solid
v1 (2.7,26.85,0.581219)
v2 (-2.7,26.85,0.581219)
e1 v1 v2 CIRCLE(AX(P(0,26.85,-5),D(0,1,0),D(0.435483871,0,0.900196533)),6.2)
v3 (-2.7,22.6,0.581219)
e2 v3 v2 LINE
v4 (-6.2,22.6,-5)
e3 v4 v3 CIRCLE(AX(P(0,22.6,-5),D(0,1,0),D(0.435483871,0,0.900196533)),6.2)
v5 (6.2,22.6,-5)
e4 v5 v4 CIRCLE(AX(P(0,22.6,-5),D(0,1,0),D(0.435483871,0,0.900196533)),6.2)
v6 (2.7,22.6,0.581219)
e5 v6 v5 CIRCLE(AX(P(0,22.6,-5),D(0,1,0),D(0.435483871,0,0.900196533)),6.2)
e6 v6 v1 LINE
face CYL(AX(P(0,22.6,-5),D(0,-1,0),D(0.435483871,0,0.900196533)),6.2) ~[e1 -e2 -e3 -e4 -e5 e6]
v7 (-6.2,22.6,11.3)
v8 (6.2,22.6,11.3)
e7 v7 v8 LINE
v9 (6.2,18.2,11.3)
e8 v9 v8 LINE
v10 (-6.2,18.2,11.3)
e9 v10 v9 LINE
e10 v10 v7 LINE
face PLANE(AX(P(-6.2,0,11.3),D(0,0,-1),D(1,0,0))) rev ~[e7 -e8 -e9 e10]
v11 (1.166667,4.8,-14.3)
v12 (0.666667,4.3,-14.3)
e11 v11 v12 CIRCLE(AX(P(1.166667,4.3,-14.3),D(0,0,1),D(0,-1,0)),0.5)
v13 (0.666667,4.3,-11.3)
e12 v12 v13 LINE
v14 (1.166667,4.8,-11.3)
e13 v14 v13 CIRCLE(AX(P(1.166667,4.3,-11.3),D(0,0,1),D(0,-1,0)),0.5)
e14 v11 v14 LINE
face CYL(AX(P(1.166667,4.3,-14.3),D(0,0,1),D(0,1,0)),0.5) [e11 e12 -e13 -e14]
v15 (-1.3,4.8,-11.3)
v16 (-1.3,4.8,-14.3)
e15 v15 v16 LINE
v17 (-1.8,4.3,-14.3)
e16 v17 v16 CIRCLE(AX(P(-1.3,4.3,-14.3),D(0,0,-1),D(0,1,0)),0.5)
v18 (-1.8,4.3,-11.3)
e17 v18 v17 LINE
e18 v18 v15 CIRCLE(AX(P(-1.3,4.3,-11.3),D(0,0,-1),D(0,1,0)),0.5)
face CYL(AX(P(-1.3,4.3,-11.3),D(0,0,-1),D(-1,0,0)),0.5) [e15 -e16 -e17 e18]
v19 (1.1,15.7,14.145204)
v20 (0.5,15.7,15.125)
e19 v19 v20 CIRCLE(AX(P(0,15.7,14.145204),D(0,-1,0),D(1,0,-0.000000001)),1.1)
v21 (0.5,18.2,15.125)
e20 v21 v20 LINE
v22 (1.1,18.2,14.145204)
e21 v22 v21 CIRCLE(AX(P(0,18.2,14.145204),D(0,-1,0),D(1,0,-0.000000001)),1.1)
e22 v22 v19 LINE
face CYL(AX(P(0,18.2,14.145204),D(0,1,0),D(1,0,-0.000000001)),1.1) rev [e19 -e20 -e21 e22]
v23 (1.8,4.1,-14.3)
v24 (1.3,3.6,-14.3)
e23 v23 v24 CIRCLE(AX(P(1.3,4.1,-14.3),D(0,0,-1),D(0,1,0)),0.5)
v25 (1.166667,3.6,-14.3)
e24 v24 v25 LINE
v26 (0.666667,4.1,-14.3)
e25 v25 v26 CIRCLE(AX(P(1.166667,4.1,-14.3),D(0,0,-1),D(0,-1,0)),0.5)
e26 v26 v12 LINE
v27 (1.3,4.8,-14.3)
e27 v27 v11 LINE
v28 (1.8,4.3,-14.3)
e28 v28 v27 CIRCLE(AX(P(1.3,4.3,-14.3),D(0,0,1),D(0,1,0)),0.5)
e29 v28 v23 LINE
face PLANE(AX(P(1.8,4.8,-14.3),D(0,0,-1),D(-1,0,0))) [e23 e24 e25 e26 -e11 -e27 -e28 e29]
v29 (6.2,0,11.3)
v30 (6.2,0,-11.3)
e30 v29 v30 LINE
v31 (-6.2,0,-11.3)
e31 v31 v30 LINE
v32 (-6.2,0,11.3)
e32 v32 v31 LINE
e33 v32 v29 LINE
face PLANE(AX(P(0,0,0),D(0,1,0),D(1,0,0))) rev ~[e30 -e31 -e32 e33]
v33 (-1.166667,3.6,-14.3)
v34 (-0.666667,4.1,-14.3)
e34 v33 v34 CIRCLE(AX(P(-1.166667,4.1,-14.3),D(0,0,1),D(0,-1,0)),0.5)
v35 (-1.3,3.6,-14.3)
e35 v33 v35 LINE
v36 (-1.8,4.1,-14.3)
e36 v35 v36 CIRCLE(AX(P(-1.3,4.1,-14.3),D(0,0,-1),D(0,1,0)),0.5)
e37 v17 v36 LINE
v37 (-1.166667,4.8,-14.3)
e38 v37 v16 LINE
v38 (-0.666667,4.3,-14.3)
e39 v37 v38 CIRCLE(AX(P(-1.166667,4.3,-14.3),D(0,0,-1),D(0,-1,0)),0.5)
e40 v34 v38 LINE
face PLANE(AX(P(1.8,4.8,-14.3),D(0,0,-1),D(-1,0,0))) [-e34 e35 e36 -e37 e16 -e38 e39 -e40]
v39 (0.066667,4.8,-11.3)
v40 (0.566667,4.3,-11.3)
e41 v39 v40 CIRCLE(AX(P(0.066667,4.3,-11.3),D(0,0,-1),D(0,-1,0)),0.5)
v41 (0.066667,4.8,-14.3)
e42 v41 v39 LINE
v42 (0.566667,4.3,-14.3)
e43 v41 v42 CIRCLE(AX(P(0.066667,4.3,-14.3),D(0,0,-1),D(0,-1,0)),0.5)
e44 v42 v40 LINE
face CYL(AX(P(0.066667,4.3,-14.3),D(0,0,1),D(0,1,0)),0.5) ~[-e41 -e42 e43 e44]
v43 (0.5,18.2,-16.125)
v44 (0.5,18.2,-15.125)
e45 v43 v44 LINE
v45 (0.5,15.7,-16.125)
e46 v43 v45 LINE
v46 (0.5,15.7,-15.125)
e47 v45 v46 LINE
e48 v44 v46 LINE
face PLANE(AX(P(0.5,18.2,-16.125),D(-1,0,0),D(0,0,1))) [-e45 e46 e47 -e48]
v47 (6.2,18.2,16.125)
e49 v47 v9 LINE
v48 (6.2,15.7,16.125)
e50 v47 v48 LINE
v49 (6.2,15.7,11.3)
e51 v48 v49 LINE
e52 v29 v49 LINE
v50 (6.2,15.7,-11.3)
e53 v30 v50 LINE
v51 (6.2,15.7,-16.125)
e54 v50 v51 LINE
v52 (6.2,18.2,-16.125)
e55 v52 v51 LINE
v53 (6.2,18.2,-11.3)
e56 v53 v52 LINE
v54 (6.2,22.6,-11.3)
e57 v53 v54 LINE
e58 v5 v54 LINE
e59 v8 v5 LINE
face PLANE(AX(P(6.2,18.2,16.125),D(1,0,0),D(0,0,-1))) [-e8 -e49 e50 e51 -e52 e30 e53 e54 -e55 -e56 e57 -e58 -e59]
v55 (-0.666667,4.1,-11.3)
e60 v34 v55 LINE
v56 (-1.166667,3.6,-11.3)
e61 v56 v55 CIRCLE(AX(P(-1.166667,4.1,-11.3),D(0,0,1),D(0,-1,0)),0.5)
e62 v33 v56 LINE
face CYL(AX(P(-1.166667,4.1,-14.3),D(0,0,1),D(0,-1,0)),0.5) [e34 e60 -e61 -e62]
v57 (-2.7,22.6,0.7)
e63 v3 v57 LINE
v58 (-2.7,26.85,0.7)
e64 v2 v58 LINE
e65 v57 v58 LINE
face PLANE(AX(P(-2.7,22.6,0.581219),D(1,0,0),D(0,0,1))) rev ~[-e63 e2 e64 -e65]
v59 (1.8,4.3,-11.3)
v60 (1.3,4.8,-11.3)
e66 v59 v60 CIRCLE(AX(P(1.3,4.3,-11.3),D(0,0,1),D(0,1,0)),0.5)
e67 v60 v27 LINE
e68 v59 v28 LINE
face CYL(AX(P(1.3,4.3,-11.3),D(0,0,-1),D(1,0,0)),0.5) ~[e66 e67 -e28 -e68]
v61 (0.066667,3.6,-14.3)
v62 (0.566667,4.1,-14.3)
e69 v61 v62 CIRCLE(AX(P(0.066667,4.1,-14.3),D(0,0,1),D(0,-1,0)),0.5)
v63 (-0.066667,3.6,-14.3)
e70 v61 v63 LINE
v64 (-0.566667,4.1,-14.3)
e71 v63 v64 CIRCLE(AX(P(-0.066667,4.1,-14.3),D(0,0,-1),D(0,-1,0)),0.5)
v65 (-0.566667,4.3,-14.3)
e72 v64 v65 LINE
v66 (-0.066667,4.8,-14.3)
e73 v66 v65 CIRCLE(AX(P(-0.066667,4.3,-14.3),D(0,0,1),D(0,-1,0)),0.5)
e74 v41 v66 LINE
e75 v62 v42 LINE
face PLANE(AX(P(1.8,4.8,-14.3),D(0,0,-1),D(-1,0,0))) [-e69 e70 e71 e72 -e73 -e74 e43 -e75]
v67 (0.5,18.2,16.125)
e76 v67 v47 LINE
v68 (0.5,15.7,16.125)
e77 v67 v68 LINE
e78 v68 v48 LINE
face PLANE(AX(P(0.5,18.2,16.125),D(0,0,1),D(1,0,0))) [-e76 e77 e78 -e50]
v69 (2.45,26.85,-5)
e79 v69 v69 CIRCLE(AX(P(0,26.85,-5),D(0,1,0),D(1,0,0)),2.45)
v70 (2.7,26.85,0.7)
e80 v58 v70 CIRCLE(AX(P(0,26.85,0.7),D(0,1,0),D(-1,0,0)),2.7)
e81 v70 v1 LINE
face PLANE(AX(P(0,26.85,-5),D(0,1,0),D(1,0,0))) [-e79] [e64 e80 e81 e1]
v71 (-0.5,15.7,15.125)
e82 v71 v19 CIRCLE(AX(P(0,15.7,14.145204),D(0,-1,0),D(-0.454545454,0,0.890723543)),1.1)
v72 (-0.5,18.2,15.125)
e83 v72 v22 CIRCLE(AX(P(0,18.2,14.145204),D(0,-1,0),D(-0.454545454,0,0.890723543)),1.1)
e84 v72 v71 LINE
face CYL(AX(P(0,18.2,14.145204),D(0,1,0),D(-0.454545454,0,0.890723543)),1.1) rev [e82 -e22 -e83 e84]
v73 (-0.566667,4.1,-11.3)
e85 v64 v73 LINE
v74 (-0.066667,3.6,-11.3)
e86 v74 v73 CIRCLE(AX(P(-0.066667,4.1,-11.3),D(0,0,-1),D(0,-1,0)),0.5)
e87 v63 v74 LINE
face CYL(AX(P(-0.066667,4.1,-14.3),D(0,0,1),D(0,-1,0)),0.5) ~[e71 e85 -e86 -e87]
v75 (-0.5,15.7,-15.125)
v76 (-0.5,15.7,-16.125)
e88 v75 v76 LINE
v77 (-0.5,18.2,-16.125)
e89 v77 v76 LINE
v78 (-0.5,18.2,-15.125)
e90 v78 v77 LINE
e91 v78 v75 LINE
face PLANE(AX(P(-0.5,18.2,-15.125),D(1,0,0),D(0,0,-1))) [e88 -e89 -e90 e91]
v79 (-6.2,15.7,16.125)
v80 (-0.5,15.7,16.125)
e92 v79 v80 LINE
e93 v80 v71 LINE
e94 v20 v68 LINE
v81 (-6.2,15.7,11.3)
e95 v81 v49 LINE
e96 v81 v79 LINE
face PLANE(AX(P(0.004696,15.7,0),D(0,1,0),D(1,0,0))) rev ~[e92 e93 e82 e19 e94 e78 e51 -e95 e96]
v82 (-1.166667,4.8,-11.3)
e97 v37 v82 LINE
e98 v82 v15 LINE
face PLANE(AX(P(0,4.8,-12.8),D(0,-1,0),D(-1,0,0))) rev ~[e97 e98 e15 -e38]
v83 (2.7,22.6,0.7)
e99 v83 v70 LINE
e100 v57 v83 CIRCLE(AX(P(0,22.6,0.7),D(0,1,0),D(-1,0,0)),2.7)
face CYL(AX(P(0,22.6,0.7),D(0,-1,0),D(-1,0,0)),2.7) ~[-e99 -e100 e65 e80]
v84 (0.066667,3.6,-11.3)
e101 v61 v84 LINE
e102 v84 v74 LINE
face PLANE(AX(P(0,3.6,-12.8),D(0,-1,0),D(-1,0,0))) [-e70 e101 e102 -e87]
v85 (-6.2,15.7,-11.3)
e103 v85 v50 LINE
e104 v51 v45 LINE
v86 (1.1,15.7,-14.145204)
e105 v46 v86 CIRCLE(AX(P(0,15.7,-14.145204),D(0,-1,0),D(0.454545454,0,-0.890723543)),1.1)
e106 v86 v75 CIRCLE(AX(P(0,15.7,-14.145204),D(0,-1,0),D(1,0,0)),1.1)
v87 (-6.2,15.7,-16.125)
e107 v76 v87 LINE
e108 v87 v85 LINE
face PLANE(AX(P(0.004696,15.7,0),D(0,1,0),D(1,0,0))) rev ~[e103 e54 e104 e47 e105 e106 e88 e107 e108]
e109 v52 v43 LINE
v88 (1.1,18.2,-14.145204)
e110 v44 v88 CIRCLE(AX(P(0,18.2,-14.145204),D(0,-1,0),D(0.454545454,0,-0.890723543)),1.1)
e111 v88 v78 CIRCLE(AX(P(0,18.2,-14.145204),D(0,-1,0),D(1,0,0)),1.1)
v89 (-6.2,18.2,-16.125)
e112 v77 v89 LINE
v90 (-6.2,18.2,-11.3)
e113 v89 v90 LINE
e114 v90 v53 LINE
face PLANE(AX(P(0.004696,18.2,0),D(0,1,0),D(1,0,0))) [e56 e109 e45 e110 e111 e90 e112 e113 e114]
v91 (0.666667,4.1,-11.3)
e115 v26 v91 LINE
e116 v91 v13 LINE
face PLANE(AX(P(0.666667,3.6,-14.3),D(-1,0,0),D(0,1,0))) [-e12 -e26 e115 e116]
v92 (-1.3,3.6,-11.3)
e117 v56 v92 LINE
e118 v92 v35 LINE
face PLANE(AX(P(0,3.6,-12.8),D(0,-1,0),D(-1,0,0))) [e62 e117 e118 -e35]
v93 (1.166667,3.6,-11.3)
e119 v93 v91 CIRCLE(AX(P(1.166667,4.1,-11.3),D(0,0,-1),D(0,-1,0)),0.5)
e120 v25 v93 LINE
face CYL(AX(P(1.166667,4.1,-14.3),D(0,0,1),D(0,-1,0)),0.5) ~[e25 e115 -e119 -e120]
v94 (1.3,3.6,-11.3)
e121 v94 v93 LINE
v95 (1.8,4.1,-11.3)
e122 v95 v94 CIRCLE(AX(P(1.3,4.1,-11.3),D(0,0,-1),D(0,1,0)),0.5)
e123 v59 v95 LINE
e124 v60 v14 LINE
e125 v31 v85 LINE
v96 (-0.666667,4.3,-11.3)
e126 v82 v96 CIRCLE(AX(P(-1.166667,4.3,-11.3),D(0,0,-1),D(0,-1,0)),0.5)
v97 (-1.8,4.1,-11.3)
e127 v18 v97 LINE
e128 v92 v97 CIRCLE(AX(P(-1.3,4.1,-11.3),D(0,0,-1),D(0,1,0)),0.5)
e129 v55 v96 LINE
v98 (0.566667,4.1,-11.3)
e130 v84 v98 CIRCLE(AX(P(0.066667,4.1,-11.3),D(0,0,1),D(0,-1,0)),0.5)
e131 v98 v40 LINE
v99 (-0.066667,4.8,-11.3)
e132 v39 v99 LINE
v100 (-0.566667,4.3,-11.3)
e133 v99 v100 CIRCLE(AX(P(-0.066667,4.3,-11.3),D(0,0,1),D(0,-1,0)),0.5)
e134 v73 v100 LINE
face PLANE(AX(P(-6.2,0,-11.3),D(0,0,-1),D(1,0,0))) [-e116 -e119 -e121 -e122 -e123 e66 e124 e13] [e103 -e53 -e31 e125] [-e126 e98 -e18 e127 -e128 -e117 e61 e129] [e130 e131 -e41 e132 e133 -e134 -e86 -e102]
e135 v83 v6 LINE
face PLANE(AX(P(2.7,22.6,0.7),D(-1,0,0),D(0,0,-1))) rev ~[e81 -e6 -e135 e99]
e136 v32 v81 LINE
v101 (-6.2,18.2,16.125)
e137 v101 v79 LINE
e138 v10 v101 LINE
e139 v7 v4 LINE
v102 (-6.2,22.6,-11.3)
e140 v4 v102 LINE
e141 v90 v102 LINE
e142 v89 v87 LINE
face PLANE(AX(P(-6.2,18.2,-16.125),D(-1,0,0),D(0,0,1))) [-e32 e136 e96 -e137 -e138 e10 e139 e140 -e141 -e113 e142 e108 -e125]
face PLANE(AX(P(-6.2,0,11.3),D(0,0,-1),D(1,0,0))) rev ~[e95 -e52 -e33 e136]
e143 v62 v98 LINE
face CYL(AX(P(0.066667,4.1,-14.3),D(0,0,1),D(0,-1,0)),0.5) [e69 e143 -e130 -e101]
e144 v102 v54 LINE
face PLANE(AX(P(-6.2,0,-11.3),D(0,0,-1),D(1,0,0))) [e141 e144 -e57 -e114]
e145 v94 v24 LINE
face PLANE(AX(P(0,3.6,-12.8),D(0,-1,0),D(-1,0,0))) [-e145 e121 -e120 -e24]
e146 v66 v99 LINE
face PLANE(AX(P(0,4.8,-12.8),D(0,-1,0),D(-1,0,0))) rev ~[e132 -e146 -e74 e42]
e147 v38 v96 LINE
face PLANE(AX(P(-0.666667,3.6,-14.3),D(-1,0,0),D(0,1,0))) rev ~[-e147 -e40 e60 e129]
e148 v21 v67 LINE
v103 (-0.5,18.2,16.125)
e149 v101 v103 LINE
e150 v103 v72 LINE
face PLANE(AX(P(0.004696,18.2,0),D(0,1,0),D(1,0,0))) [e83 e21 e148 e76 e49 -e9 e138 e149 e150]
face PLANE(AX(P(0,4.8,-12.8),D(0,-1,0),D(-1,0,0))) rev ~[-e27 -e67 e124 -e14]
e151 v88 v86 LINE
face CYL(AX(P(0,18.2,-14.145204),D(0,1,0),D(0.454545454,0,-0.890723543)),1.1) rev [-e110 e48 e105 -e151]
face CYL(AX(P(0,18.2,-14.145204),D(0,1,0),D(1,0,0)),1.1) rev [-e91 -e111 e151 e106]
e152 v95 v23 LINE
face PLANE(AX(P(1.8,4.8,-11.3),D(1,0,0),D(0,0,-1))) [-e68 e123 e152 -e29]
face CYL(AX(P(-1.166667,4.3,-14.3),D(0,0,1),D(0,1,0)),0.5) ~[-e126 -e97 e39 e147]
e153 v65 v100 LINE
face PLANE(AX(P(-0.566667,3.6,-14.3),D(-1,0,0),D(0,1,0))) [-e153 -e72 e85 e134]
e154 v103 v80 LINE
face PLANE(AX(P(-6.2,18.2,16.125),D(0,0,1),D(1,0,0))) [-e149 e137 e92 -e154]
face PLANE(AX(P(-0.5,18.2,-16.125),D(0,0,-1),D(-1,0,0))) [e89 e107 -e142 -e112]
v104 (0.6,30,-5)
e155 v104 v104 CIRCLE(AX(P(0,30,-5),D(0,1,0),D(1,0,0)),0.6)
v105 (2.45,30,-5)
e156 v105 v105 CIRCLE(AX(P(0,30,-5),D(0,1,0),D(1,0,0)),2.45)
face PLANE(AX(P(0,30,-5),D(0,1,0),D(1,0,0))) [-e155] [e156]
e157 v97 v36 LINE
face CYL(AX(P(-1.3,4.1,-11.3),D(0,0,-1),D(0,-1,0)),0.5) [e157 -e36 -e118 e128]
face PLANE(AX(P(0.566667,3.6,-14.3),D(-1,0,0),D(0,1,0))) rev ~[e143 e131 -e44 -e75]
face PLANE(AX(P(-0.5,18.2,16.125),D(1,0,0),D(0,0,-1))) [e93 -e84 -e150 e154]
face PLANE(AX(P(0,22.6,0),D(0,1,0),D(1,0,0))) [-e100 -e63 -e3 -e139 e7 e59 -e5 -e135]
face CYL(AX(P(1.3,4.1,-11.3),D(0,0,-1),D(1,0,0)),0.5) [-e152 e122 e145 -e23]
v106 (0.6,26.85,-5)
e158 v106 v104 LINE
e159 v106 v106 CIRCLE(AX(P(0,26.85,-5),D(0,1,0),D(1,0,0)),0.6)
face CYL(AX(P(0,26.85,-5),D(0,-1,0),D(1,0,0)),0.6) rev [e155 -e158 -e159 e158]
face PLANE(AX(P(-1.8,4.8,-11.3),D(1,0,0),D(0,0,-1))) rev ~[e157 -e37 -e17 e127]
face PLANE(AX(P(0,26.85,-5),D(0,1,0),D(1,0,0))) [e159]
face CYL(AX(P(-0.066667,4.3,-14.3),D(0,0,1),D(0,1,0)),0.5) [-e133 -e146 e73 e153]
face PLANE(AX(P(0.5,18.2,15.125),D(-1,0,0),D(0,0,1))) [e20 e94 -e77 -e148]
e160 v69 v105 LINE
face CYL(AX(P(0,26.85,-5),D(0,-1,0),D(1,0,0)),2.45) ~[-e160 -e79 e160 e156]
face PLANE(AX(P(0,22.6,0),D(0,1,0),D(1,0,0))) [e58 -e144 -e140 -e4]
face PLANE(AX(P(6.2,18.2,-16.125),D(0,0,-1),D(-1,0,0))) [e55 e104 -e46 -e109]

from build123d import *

# Parameters (mm, degrees)
IZIM1_W                     = 12.4
IZIM1_H                     = 22.6
Y_KSEKLIK_EKSTR_ZYON1_DEPTH = 22.6
Y_KSEKLIK_EKSTR_ZYON2_DEPTH = 2.5
IZIM3_W                     = 3.6
IZIM3_H                     = 3
Y_KSEKLIK_EKSTR_ZYON3_DEPTH = 1.2
IZIM4_R                     = 6.2
Y_KSEKLIK_EKSTR_ZYON4_DEPTH = 4.25
IZIM5_R                     = 2.45
IZIM5_R_2                   = 0.6
Y_KSEKLIK_EKSTR_ZYON6_DEPTH = 3.15
IZIM6_W                     = 0.1
IZIM6_H                     = 1.2
KES_EKSTR_ZYON1_DEPTH       = 3
RADYUS1_R                   = 0.5


with BuildPart() as part:
    # Çizim1 → Yükseklik-Ekstrüzyon1 (new body)
    with BuildSketch(Plane(origin=(0, 0, 0), x_dir=(1, 0, 0), z_dir=(0, 1, 0))):
        Rectangle(IZIM1_W, IZIM1_H)
    extrude(amount=Y_KSEKLIK_EKSTR_ZYON1_DEPTH)

    # Çizim2 → Yükseklik-Ekstrüzyon2 (add)
    with BuildSketch(Plane(origin=(0, 18.2, 0), x_dir=(1, 0, 0), z_dir=(0, 1, 0))):
        with BuildLine():
            Line((-6.2, 16.125), (-6.2, -16.125))
            Line((-6.2, -16.125), (-0.5, -16.125))
            Line((-0.5, -16.125), (-0.5, -15.125))
            ThreePointArc((-0.5, -15.125), (-0.574456265, -13.207120951), (1.1, -14.145204103))
            ThreePointArc((1.1, -14.145204103), (0.938083152, -14.719660368), (0.5, -15.125))
            Line((0.5, -15.125), (0.5, -16.125))
            Line((0.5, -16.125), (6.2, -16.125))
            Line((6.2, -16.125), (6.2, 16.125))
            Line((6.2, 16.125), (0.5, 16.125))
            Line((0.5, 16.125), (0.5, 15.125))
            ThreePointArc((0.5, 15.125), (0.938083152, 14.719660368), (1.1, 14.145204103))
            ThreePointArc((1.1, 14.145204103), (-0.574456265, 13.207120951), (-0.5, 15.125))
            Line((-0.5, 15.125), (-0.5, 16.125))
            Line((-0.5, 16.125), (-6.2, 16.125))
        make_face()
    extrude(amount=-Y_KSEKLIK_EKSTR_ZYON2_DEPTH)

    # Çizim3 → Yükseklik-Ekstrüzyon3 (add)
    with BuildSketch(Plane(origin=(0, 4.8, 0), x_dir=(-1, 0, 0), z_dir=(0, -1, 0))):
        with Locations((0, 12.8)):
            Rectangle(IZIM3_W, IZIM3_H)
    extrude(amount=Y_KSEKLIK_EKSTR_ZYON3_DEPTH)

    # Çizim4 → Yükseklik-Ekstrüzyon4 (add)
    with BuildSketch(Plane(origin=(0, 22.6, 0), x_dir=(1, 0, 0), z_dir=(0, 1, 0))):
        with Locations((0, 5)):
            Circle(IZIM4_R)
        with BuildLine():
            Line((-2.7, -0.581218505), (-2.7, -0.7))
            ThreePointArc((-2.7, -0.7), (0, -3.4), (2.7, -0.7))
            Line((2.7, -0.7), (2.7, -0.581218505))
            ThreePointArc((2.7, -0.581218505), (0, -1.2), (-2.7, -0.581218505))
        make_face()
    extrude(amount=Y_KSEKLIK_EKSTR_ZYON4_DEPTH)

    # Çizim5 → Yükseklik-Ekstrüzyon6 (add)
    with BuildSketch(Plane(origin=(0, 26.85, 0), x_dir=(1, 0, 0), z_dir=(0, 1, 0))):
        with Locations((0, 5)):
            Circle(IZIM5_R)
        with Locations((0, 5)):
            Circle(IZIM5_R_2, mode=Mode.SUBTRACT)
    extrude(amount=Y_KSEKLIK_EKSTR_ZYON6_DEPTH)

    # Çizim6 → Kes-Ekstrüzyon1 (cut)
    with BuildSketch(Plane(origin=(0, 0, -14.3), x_dir=(-1, 0, 0), z_dir=(0, 0, -1))):
        with Locations((-0.616666667, 4.2)):
            Rectangle(IZIM6_W, IZIM6_H)
        with Locations((0.616666667, 4.2)):
            Rectangle(IZIM6_W, IZIM6_H)
    extrude(amount=-KES_EKSTR_ZYON1_DEPTH, mode=Mode.SUBTRACT)

    # Radyus1
    radyus1_edges = [part.edges().sort_by_distance(p)[0] for p in [
        (0.566666667, 3.6, -12.8),
        (0.566666667, 4.8, -12.8),
        (0.666666667, 4.8, -12.8),
        (0.666666667, 3.6, -12.8),
        (-0.666666667, 3.6, -12.8),
        (-0.666666667, 4.8, -12.8),
        (-0.566666667, 4.8, -12.8),
        (-0.566666667, 3.6, -12.8),
        (1.8, 4.8, -12.8),
        (-1.8, 4.8, -12.8),
        (1.8, 3.6, -12.8),
        (-1.8, 3.6, -12.8),
    ]]
    fillet(radyus1_edges, radius=RADYUS1_R)


solid = part.part
